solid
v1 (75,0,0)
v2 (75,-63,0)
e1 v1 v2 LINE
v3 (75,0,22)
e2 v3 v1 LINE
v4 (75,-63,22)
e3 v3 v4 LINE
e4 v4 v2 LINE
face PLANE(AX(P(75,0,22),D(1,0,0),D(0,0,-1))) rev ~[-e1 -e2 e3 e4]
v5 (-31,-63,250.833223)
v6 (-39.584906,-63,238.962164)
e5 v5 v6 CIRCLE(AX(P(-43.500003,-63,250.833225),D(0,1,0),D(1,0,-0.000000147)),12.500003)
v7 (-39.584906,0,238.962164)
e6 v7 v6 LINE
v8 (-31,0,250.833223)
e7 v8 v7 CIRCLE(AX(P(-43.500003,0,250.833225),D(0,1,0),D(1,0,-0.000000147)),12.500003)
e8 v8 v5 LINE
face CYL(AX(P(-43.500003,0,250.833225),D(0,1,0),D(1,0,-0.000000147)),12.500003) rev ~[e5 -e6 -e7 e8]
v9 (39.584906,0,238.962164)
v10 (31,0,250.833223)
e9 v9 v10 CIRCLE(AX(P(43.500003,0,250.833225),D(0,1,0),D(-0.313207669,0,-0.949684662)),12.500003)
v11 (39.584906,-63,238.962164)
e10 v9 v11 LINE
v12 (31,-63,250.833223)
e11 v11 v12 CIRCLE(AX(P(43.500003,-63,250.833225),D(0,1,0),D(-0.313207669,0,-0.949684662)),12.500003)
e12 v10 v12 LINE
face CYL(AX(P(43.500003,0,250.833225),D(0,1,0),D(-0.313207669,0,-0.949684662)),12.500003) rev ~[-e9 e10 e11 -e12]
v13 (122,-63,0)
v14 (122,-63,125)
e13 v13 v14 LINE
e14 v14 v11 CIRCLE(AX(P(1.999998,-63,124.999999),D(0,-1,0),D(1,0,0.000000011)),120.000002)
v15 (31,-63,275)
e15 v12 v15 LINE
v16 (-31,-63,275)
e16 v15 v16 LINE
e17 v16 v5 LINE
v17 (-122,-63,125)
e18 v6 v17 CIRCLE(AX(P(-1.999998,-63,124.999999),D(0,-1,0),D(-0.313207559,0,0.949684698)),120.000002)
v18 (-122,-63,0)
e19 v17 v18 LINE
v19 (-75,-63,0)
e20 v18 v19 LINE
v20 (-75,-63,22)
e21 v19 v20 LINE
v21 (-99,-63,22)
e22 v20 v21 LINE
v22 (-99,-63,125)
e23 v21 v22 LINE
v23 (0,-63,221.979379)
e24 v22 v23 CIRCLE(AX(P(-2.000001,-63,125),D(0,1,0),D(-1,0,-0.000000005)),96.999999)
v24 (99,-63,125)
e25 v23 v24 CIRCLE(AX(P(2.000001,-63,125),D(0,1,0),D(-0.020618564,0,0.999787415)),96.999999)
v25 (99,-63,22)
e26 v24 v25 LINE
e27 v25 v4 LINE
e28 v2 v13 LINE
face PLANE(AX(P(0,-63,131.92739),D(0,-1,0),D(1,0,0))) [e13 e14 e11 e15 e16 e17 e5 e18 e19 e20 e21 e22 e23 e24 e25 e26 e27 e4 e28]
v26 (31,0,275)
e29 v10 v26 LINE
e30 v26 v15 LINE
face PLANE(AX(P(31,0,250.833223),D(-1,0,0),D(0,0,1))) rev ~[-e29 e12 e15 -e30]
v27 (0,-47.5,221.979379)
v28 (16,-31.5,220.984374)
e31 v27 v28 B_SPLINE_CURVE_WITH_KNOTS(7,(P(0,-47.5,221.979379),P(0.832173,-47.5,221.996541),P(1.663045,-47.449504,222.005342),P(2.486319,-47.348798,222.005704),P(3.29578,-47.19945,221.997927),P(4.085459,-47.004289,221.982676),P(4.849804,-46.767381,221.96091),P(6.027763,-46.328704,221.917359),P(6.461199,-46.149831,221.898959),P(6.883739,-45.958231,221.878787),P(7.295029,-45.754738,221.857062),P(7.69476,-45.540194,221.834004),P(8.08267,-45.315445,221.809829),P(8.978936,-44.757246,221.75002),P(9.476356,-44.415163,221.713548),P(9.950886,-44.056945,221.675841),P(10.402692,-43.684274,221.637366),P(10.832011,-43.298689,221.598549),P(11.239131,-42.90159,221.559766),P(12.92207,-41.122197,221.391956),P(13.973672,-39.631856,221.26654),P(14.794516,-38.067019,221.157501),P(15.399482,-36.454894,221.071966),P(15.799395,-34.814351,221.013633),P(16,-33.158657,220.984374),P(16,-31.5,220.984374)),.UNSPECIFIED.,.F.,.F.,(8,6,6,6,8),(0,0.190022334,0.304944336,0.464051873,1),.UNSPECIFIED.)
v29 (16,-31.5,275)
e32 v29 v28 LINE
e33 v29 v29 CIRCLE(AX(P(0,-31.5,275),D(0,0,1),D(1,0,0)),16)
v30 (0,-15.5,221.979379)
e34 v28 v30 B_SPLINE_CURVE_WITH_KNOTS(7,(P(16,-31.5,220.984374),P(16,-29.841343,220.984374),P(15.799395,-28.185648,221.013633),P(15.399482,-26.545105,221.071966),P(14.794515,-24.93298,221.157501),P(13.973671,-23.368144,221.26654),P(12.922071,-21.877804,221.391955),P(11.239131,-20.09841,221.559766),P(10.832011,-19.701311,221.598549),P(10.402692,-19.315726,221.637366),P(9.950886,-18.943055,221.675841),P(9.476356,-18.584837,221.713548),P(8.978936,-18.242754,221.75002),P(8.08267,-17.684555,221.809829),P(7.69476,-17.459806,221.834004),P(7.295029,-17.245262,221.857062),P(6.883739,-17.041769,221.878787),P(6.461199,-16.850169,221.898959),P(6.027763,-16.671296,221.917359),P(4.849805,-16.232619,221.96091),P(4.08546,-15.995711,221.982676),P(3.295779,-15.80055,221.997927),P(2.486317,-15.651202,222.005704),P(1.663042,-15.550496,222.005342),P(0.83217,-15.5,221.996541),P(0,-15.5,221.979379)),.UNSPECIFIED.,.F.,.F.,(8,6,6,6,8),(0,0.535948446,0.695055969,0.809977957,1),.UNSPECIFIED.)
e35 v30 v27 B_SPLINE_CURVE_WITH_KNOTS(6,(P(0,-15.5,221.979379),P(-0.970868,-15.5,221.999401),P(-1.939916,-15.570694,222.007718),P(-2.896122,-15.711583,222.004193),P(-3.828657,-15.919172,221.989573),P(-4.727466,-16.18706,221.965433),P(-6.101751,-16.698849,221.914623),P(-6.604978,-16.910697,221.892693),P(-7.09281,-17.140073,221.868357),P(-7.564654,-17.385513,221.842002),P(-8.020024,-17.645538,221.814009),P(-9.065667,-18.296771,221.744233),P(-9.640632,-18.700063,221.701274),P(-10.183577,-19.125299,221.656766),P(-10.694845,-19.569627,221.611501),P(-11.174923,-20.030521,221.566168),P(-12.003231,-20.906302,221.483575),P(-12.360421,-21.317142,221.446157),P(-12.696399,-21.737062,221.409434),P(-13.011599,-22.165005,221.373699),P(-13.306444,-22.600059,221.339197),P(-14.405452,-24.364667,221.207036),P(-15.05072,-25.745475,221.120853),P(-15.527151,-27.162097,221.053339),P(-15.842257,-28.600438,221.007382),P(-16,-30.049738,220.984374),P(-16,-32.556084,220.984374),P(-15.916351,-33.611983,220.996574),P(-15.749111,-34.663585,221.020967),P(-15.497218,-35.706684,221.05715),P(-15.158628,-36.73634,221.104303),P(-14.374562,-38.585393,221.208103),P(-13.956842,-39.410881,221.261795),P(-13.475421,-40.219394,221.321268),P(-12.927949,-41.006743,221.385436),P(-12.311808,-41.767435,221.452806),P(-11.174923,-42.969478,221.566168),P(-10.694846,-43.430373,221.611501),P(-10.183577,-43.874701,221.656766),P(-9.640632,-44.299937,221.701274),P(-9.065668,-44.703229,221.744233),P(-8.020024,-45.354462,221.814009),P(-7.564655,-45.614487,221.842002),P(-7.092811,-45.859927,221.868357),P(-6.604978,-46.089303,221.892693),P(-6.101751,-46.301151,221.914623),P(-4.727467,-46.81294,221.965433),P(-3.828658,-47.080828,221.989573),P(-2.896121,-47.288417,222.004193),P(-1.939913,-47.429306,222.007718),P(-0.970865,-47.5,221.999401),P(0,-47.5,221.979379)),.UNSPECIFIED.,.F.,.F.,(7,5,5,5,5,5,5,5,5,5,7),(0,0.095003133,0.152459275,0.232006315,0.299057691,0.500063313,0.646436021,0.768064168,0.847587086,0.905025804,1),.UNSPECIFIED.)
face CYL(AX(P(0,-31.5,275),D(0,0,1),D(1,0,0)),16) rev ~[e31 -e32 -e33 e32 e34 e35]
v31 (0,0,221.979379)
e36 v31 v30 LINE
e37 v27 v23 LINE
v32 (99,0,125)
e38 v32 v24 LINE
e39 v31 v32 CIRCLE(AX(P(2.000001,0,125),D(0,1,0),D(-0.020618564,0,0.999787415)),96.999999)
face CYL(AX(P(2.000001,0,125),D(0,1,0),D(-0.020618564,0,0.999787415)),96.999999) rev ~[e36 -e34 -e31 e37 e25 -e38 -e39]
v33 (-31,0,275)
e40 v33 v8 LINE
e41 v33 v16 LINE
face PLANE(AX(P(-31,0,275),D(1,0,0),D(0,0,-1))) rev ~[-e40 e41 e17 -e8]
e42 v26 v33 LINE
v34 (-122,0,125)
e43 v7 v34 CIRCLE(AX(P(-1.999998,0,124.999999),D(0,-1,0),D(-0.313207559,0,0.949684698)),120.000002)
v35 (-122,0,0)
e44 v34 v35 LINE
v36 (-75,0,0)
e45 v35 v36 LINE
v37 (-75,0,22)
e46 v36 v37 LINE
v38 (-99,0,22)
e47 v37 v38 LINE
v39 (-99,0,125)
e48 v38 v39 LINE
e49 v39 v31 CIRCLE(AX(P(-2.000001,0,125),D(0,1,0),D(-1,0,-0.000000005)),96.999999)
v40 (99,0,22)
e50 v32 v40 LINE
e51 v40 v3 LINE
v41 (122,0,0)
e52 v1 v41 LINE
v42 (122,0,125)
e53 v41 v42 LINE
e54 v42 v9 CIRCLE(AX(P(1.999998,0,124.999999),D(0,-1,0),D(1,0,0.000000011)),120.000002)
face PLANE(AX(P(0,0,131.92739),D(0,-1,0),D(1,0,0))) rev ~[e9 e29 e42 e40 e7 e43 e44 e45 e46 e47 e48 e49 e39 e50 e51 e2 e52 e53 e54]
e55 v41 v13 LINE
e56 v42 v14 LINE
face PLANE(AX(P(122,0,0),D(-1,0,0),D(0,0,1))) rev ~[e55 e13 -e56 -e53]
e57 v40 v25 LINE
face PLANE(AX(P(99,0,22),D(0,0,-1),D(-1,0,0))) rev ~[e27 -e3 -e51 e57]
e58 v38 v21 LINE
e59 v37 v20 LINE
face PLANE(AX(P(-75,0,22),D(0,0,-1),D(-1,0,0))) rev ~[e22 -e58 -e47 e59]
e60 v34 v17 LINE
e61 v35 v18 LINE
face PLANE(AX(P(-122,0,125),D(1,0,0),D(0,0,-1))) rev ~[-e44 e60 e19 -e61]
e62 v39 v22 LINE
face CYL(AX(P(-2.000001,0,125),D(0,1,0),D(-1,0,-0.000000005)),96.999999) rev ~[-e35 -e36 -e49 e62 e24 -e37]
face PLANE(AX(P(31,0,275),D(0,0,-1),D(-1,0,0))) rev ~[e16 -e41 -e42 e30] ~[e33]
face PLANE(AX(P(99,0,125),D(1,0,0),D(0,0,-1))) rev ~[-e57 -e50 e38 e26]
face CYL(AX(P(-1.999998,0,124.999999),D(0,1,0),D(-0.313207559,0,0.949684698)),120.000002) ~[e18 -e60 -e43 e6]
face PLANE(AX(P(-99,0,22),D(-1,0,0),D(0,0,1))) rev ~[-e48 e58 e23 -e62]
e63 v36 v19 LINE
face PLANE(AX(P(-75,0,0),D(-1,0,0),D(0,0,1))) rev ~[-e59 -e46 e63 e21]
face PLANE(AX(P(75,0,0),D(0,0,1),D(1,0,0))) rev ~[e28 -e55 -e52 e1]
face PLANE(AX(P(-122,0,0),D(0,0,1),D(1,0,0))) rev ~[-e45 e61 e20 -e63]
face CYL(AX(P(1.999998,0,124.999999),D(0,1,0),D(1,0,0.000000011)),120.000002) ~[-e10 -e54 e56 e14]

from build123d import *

# Parameters (mm, degrees)
F1_DEPTH = 63
F2_R     = 16
F3_DEPTH = 275.001


with BuildPart() as f1:
    # F0 (on Front) → F1 (new body)
    with BuildSketch(Plane.XZ):
        with BuildLine():
            Line((-122, 125), (-122, 0))
            Line((-122, 0), (-75, 0))
            Line((-75, 0), (-75, 22))
            Line((-75, 22), (-99, 22))
            Line((-99, 22), (-99, 125))
            ThreePointArc((-99, 125), (-69.878568, 194.292857), (0, 221.979379))
            ThreePointArc((0, 221.979379), (69.878568, 194.292857), (99, 125))
            Line((99, 125), (99, 22))
            Line((99, 22), (75, 22))
            Line((75, 22), (75, 0))
            Line((75, 0), (122, 0))
            Line((122, 0), (122, 125))
            ThreePointArc((122, 125), (99.237309, 195.320023), (39.584906, 238.962164))
            ThreePointArc((39.584906, 238.962164), (33.371114, 243.508221), (31, 250.833223))
            Line((31, 250.833223), (31, 275))
            Line((31, 275), (0, 275))
            Line((0, 275), (-31, 275))
            Line((-31, 275), (-31, 250.833223))
            ThreePointArc((-31, 250.833223), (-33.371114, 243.508221), (-39.584906, 238.962164))
            ThreePointArc((-39.584906, 238.962164), (-99.237309, 195.320023), (-122, 125))
        make_face()
    extrude(amount=F1_DEPTH)

    # F2 (on face) → F3 (cut, through all)
    with BuildSketch(Plane.XY.offset(275)):
        with Locations((0, -31.5)):
            Circle(F2_R)
    extrude(amount=-F3_DEPTH, mode=Mode.SUBTRACT)


solid = f1.part
